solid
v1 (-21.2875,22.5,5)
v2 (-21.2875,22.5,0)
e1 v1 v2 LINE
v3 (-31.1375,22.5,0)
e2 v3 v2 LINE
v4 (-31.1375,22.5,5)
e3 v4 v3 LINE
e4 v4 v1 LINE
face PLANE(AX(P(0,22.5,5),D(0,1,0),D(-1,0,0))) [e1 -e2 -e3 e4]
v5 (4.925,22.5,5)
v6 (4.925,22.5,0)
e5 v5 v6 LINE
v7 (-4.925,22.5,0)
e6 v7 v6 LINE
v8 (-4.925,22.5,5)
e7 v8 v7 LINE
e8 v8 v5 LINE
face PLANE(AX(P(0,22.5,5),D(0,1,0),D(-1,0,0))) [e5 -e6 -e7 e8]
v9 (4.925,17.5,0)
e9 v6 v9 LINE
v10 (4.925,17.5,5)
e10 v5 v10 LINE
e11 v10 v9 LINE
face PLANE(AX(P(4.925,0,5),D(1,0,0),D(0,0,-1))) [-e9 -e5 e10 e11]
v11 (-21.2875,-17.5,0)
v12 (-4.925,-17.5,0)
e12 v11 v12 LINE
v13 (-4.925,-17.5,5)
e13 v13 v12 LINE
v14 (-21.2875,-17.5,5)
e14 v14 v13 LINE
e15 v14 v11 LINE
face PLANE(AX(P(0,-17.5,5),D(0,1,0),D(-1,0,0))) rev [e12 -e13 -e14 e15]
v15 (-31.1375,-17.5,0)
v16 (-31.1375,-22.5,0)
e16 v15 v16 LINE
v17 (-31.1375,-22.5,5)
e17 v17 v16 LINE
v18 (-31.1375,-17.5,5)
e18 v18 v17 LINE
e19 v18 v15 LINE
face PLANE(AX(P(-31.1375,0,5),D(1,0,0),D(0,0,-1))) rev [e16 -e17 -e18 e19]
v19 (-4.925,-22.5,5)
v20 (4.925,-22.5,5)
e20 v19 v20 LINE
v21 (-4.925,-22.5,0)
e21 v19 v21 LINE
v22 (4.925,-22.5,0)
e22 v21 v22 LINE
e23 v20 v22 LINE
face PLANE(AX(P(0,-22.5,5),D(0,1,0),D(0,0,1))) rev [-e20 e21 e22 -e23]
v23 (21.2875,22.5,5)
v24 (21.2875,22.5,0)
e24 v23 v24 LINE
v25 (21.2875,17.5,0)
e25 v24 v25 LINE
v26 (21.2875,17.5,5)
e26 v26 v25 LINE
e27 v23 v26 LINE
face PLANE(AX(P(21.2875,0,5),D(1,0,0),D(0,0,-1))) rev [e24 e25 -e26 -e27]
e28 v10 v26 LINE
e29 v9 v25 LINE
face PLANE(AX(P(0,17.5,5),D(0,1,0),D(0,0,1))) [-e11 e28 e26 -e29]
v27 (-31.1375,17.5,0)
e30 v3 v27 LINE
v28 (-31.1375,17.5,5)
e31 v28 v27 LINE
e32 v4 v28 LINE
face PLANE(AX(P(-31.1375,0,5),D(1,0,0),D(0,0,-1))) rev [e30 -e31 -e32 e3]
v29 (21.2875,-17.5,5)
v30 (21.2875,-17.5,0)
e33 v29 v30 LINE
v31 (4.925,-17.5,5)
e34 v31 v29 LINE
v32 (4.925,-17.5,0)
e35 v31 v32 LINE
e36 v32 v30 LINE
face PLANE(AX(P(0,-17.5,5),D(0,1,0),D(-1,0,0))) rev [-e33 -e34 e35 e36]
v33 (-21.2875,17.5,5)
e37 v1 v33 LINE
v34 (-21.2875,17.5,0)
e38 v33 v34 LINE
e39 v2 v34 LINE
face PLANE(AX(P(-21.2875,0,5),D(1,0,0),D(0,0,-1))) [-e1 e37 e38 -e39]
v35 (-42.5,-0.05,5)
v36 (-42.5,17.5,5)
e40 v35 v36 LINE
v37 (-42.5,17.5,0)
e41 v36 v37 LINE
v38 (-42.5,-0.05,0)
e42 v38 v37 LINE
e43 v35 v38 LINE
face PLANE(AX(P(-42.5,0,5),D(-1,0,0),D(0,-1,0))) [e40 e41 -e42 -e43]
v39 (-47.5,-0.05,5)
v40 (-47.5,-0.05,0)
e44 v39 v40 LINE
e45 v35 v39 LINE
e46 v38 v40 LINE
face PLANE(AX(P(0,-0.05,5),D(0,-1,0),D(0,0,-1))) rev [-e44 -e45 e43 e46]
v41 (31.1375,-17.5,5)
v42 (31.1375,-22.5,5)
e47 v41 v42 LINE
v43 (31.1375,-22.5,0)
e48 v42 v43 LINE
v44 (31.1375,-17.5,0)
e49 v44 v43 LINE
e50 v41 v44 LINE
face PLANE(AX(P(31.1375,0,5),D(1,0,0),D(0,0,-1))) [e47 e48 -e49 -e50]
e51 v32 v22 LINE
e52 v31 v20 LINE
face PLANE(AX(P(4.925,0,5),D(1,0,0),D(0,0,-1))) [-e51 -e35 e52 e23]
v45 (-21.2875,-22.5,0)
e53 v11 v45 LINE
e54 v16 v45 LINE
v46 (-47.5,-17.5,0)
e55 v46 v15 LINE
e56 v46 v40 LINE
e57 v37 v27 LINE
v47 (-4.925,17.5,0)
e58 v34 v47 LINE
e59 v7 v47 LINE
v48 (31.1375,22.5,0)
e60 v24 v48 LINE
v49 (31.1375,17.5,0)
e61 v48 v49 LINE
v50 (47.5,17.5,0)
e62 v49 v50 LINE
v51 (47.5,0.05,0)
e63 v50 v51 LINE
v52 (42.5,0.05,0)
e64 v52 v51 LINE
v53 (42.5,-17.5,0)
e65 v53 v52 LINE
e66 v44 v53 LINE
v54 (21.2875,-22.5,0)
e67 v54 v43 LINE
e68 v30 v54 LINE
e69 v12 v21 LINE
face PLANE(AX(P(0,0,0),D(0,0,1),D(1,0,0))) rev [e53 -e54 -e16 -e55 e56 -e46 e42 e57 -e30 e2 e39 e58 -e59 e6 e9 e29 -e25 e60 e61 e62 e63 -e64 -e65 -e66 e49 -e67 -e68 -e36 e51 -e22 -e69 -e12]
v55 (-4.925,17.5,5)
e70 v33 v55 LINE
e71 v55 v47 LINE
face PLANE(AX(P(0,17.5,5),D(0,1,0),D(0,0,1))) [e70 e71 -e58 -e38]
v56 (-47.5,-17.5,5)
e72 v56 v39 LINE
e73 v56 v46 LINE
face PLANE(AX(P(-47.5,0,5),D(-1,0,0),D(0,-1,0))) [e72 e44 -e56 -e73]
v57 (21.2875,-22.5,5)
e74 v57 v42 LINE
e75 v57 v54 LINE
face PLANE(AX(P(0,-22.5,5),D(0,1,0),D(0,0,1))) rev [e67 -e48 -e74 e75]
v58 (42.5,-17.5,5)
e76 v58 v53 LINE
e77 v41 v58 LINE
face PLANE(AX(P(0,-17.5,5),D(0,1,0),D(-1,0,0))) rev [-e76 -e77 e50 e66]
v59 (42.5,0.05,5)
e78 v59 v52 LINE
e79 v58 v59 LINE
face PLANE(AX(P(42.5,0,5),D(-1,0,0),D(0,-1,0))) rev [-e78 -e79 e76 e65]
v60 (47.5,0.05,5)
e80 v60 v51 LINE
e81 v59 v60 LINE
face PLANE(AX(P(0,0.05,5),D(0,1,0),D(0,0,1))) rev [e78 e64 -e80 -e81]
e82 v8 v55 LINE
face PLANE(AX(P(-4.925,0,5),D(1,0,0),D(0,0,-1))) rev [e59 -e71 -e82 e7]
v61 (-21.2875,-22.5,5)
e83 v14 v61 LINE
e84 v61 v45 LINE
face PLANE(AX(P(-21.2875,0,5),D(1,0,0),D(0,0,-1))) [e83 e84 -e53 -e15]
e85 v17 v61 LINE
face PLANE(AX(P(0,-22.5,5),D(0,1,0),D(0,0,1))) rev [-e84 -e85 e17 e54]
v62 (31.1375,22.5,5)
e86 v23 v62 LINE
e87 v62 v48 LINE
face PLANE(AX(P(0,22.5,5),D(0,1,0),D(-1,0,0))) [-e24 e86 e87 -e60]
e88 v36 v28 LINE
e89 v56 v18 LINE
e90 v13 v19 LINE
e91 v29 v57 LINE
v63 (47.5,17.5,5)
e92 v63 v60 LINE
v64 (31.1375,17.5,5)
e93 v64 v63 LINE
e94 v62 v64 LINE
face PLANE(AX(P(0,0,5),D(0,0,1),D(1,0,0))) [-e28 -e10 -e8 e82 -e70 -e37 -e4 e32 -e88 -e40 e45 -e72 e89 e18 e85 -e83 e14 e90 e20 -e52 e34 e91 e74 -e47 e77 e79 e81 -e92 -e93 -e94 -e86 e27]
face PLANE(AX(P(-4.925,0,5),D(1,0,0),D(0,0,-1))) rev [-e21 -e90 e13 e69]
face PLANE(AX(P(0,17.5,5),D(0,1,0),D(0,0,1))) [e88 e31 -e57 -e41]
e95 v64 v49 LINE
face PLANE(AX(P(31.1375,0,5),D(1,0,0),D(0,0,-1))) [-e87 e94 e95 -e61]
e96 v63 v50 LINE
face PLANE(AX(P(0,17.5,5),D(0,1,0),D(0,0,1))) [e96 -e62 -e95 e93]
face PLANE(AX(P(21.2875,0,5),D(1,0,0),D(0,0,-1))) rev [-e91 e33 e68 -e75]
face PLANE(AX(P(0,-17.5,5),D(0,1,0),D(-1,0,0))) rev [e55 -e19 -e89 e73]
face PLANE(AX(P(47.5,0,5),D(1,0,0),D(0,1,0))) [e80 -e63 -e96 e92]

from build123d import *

# Parameters (mm, degrees)
SKETCH2_W           = 85
SKETCH2_H           = 35
SKETCH2_W_2         = 5
SKETCH2_H_2         = 17.45
SKETCH2_W_3         = 9.85
SKETCH2_H_3         = 5
BOSS_EXTRUDE1_DEPTH = 5


with BuildPart() as part:
    # Sketch2 → Boss-Extrude1 (new body)
    with BuildSketch(Plane.XY):
        Rectangle(SKETCH2_W, SKETCH2_H)
        with Locations((-45, -8.775)):
            Rectangle(SKETCH2_W_2, SKETCH2_H_2)
        with Locations((-26.2125, 20)):
            Rectangle(SKETCH2_W_3, SKETCH2_H_3)
        with Locations((0, 20)):
            Rectangle(SKETCH2_W_3, SKETCH2_H_3)
        with Locations((26.2125, 20)):
            Rectangle(SKETCH2_W_3, SKETCH2_H_3)
        with Locations((45, 8.775)):
            Rectangle(SKETCH2_W_2, SKETCH2_H_2)
        with Locations((26.2125, -20)):
            Rectangle(SKETCH2_W_3, SKETCH2_H_3)
        with Locations((0, -20)):
            Rectangle(SKETCH2_W_3, SKETCH2_H_3)
        with Locations((-26.2125, -20)):
            Rectangle(SKETCH2_W_3, SKETCH2_H_3)
    extrude(amount=BOSS_EXTRUDE1_DEPTH)


solid = part.part
